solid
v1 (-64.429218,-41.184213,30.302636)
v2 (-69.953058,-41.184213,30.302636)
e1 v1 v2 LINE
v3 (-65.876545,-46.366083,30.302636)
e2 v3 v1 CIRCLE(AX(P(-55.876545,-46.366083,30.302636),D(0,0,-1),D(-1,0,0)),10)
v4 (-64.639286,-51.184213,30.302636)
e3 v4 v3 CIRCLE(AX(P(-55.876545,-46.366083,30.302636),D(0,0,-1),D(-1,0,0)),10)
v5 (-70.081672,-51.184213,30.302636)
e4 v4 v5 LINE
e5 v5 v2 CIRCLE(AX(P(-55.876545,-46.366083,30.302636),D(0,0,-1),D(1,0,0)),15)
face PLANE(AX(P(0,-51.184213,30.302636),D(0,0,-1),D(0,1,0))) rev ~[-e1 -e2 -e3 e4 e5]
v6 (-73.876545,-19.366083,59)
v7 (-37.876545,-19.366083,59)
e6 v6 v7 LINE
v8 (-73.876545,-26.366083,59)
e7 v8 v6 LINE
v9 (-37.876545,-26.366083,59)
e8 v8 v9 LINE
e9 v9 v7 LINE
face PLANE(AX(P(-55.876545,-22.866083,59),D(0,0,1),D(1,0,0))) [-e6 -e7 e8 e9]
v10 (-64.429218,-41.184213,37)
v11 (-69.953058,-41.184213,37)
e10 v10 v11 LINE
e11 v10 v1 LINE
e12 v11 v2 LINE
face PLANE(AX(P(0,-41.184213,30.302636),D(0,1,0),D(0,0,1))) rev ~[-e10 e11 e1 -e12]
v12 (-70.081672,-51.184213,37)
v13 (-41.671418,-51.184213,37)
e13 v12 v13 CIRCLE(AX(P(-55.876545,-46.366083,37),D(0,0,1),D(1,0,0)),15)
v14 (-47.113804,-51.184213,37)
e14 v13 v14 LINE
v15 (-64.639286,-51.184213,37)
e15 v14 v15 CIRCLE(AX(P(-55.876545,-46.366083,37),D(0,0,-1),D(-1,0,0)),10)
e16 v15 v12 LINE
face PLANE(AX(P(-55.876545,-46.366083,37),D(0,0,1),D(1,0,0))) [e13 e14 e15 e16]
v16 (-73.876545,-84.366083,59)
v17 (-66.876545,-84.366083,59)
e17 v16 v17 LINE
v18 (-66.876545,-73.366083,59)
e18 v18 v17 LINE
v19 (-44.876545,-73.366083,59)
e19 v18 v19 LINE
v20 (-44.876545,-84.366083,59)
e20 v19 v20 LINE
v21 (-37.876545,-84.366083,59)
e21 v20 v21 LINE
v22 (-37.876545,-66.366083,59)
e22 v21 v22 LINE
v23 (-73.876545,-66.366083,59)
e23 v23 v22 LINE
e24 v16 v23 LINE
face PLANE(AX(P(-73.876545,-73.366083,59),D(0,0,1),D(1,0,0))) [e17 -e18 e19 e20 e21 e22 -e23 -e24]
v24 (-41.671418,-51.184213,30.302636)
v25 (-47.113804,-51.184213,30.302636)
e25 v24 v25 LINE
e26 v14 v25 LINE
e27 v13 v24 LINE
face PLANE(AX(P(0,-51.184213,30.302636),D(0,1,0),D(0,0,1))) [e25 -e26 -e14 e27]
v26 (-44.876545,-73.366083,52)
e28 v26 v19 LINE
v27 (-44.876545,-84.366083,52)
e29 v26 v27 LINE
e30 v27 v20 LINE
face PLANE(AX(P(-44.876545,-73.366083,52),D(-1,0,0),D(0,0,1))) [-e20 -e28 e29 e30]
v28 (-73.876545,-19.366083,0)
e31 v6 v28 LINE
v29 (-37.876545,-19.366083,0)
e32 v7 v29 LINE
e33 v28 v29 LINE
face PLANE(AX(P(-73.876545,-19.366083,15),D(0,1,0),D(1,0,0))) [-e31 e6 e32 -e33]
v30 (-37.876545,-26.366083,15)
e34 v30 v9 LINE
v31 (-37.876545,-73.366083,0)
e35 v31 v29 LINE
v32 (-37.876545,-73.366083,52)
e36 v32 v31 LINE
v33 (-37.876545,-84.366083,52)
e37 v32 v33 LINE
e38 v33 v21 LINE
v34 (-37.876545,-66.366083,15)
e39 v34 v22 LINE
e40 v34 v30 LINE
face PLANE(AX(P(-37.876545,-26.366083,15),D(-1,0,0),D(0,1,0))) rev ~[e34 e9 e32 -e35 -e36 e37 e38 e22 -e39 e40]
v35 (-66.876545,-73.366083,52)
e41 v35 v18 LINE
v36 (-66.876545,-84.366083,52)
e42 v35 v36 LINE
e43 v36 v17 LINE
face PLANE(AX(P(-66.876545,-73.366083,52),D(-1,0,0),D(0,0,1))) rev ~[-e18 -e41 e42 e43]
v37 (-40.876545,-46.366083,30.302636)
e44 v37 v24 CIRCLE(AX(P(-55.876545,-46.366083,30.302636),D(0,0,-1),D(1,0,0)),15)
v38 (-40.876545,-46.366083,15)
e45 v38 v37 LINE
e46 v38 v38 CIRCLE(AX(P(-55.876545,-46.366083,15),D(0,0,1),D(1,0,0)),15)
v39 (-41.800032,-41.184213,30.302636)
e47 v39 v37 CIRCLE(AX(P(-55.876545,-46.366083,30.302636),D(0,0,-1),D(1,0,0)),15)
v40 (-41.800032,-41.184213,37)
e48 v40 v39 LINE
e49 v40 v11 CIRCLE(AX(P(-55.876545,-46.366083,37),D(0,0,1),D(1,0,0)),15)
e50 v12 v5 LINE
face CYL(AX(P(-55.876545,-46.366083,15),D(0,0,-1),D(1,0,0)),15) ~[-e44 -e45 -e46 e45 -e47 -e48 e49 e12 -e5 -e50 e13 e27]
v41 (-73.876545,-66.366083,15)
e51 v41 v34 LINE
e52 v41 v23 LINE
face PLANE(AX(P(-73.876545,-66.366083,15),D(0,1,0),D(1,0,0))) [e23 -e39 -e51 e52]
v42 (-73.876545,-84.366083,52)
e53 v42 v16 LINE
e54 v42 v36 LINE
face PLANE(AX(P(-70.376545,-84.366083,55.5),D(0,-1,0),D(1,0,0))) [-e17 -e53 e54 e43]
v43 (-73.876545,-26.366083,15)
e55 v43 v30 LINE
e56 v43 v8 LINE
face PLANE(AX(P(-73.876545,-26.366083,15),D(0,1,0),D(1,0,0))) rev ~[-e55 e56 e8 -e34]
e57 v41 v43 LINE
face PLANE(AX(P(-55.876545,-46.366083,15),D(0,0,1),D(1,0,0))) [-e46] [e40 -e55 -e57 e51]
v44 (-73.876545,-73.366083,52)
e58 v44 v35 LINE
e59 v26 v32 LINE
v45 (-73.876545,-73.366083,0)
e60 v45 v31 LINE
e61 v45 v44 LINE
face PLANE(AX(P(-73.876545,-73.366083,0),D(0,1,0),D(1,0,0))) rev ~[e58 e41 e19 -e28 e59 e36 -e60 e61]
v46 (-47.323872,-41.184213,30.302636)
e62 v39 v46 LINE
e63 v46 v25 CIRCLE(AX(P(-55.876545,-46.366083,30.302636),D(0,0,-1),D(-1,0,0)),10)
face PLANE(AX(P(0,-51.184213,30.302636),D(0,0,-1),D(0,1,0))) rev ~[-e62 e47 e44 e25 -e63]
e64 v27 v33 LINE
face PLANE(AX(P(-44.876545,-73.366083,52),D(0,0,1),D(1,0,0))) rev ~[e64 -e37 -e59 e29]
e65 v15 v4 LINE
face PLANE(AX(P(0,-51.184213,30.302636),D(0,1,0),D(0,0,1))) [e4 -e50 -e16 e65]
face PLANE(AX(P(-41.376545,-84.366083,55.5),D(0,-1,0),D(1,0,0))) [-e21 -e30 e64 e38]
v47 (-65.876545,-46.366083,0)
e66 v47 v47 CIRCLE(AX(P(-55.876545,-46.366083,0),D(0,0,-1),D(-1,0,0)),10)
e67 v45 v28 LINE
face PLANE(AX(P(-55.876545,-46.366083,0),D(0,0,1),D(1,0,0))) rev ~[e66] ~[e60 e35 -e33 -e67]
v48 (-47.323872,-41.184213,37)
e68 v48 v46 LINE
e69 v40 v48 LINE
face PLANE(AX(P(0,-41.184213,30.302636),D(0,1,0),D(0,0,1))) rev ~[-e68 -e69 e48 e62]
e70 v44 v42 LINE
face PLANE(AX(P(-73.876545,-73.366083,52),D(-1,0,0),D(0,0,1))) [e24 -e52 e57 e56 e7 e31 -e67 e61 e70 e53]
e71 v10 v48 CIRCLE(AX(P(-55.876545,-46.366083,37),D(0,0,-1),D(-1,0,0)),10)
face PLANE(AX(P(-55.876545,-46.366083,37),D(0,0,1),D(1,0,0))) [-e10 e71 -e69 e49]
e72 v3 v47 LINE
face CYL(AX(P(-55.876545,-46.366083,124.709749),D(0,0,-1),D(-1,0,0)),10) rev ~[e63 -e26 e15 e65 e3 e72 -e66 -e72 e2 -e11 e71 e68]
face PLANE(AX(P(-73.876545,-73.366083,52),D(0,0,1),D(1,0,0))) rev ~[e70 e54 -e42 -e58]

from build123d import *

# Parameters (mm, degrees)
F0_W      = 36
F0_H      = 54
F1_DEPTH  = 15
F2_W      = 36
F2_H      = 7
F3_DEPTH  = 44
F4_R      = 15
F5_DEPTH  = 22
F7_D      = 20
F8_W      = 5
F8_H      = 7
F9_DEPTH  = 9999
F10_W     = 7
F10_H     = 7
F11_DEPTH = 11


with BuildPart() as f1:
    # F0 (on Top) → F1 (new body)
    with BuildSketch(Plane.XY):
        with Locations((-55.876545, -46.366083)):
            Rectangle(F0_W, F0_H)
    extrude(amount=F1_DEPTH)

    # F2 (on face) → F3 (join)
    with BuildSketch(Plane.XY.offset(15)):
        with Locations((-55.876545, -22.866083)):
            Rectangle(F2_W, F2_H)
        with Locations((-55.876545, -69.866083)):
            Rectangle(F2_W, F2_H)
    extrude(amount=F3_DEPTH)

    # F4 (on face) → F5 (join)
    with BuildSketch(Plane.XY.offset(15)):
        with Locations((-55.876545, -46.366083)):
            Circle(F4_R)
    extrude(amount=F5_DEPTH)

    # F7 (through all)
    with Locations(Plane.XY.offset(37)):
        with Locations((-55.876545, -46.366083)):
            Hole(F7_D / 2)

    # F8 (on Right) → F9 (cut)
    with BuildSketch(Plane.YZ):
        with Locations((-48.684213, 33.802636)):
            Rectangle(F8_W, F8_H)
        with Locations((-43.684213, 33.802636)):
            Rectangle(F8_W, F8_H)
    extrude(amount=-F9_DEPTH, mode=Mode.SUBTRACT)

    # F10 (on face) → F11 (join)
    with BuildSketch(Plane.XZ.offset(73.366083)):
        with Locations((-70.376545, 55.5)):
            Rectangle(F10_W, F10_H)
        with Locations((-41.376545, 55.5)):
            Rectangle(F10_W, F10_H)
    extrude(amount=F11_DEPTH)


solid = f1.part
